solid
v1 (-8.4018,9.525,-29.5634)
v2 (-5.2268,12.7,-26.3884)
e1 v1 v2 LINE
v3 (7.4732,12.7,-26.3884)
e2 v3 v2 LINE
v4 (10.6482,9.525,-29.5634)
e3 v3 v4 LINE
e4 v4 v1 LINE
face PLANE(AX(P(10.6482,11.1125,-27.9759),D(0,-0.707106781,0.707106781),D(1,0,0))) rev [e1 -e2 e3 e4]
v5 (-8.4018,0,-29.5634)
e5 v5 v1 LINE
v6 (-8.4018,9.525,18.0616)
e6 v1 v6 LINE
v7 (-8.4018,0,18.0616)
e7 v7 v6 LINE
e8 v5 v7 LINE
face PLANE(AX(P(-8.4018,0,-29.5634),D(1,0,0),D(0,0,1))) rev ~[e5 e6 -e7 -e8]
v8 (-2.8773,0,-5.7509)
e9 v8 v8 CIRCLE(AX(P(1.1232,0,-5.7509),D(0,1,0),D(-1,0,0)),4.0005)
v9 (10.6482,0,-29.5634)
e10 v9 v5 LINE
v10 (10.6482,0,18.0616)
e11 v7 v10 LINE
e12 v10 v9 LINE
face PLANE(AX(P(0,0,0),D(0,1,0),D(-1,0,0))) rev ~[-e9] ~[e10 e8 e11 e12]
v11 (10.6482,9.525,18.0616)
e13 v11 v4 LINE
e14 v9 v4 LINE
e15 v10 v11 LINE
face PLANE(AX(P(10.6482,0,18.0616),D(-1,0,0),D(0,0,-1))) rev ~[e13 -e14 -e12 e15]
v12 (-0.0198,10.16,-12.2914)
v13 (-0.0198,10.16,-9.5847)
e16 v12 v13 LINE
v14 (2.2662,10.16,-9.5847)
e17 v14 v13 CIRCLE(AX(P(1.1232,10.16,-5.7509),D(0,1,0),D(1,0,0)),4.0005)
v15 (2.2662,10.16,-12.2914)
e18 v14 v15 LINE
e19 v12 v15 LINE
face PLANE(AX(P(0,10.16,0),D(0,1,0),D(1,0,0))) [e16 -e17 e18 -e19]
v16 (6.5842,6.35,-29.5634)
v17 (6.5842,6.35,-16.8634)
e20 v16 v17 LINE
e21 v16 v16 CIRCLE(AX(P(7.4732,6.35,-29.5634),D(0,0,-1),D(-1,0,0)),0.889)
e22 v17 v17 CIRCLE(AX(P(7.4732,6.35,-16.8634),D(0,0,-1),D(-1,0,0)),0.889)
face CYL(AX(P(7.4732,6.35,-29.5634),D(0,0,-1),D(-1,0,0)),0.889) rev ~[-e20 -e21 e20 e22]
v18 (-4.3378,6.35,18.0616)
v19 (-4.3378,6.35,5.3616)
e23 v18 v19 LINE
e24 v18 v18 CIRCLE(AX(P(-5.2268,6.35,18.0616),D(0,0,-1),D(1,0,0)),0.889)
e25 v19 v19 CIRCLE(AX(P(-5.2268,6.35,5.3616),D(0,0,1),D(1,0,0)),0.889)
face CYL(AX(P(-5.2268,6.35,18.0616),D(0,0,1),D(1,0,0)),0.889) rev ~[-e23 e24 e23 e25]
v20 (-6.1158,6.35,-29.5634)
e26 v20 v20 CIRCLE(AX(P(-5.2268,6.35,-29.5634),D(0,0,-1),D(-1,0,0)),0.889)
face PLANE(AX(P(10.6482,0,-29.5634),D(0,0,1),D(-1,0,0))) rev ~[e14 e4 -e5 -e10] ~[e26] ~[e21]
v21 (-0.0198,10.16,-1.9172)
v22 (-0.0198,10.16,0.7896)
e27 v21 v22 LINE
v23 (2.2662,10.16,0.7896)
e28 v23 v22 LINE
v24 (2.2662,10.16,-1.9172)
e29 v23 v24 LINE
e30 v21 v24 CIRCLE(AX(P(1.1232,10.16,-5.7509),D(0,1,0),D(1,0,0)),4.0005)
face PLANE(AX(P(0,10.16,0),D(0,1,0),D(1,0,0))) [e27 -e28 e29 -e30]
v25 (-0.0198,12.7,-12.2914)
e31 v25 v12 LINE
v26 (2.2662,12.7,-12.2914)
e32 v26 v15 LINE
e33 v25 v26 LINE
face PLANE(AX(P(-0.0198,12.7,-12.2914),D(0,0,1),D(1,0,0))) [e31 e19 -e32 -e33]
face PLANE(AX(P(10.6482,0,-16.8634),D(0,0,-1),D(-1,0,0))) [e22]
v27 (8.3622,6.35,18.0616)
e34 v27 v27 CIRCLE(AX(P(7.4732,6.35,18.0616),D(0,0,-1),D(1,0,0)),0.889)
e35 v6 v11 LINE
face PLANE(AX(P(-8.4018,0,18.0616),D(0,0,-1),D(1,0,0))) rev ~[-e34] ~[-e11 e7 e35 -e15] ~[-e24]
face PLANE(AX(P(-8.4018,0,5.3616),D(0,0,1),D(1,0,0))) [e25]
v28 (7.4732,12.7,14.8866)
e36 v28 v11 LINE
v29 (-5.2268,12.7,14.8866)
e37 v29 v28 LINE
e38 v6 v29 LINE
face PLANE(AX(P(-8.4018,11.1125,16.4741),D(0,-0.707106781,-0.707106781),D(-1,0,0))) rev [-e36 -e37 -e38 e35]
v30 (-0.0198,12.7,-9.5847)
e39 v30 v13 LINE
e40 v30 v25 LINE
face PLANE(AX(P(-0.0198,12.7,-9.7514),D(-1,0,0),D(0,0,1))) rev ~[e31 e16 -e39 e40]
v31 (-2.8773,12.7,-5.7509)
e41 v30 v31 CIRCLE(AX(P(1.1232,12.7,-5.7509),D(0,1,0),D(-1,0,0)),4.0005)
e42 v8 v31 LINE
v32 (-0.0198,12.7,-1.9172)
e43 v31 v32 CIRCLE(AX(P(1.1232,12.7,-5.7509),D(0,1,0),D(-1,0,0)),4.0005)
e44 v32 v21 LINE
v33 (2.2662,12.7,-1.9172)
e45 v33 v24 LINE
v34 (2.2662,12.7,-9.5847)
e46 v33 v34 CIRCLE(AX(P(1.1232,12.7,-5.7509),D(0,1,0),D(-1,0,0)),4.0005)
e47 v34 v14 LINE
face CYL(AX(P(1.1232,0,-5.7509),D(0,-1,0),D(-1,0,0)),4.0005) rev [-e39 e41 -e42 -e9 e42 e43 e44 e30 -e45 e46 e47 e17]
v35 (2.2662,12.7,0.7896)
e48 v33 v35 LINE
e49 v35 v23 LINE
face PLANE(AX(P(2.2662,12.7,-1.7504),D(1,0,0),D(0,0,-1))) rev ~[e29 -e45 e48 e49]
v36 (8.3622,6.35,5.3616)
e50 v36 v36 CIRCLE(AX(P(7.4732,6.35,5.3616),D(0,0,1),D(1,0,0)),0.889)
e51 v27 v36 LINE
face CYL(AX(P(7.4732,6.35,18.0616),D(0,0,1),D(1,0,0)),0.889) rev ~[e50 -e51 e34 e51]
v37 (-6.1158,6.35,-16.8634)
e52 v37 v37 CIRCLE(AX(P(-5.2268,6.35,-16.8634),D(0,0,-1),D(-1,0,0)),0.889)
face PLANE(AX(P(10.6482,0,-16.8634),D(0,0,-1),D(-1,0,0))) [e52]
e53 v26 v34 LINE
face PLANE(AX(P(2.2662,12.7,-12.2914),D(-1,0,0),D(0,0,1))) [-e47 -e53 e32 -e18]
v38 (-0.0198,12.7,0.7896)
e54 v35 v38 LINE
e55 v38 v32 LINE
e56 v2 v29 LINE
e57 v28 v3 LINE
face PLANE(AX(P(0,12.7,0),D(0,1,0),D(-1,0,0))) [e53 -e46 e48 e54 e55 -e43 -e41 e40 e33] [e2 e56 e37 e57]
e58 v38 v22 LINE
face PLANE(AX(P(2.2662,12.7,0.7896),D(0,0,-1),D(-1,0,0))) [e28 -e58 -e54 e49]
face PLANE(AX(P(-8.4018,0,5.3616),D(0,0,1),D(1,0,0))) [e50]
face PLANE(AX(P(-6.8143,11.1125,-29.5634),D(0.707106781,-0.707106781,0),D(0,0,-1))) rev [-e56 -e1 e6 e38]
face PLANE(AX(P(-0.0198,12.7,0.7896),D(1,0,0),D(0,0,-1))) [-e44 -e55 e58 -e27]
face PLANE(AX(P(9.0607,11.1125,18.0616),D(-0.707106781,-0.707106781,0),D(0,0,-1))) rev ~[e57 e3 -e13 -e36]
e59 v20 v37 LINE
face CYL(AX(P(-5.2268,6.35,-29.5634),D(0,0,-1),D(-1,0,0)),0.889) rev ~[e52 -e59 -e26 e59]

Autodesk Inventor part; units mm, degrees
ref_plane "YZ Plane" through (0, 0, 0) normal (1, 0, 0) x (0, 1, 0)
ref_plane "XZ Plane" through (0, 0, 0) normal (0, 1, 0) x (-1, 0, 0)
ref_plane "XY Plane" through (0, 0, 0) normal (0, 0, 1) x (1, 0, 0)
sketch "Sketch1" plane through (0, 0, 0) normal (0, 1, 0) x (-1, 0, 0)
  line L0 (8.4018, 18.0616) -> (-10.6482, 18.0616)
  line L1 (-10.6482, 18.0616) -> (-10.6482, -29.5634)
  line L2 (-10.6482, -29.5634) -> (8.4018, -29.5634)
  line L3 (8.4018, -29.5634) -> (8.4018, 18.0616)
  circle A0 centre (-1.1232, -5.7509) radius 4.0005
  point P0 (0, 0)
  dimension "d0" = 19.05
  dimension "d1" = 47.625
  dimension "d2" = 8.001
extrude "Extrusion1" add sketch "Sketch1" along normal blind 12.7
sketch "Sketch2" plane through (-8.4018, 0, 18.0616) normal (0, 0, 1) x (1, 0, 0)
  line L0 (0, 0) -> (0, 12.7) projected
  line L1 (0, 6.35) -> (18.844, 6.35)
  circle A0 centre (3.175, 6.35) radius 0.889
  circle A1 centre (15.875, 6.35) radius 0.889
  point P0 (8.4018, 0)
  dimension "d5" = 12.7
  dimension "d6" = 3.175
  dimension "d7" = 1.778
  dimension "d8" = 1.778
extrude "Extrusion2" cut sketch "Sketch2" against normal blind 12.7
sketch "Sketch3" plane through (10.6482, 0, -29.5634) normal (0, 0, -1) x (-1, 0, 0)
  circle A0 centre (3.175, 6.35) radius 0.889 projected
  circle A1 centre (15.875, 6.35) radius 0.889 projected
  point P0 (10.6482, 0)
extrude "Extrusion3" cut sketch "Sketch3" against normal blind 12.7
chamfer "Chamfer1" distance 3.175 angle 45 4 edges at (10.6482, 12.7, -5.7509) (-8.4018, 12.7, -5.7509) (1.1232, 12.7, 18.0616) (1.1232, 12.7, -29.5634)
sketch "Sketch4" plane through (0, 12.7, 0) normal (0, 1, 0) x (1, 0, 0)
  circle A0 centre (1.1232, 5.7509) radius 4.0005 projected
  line L0 (2.2662, 1.7504) -> (2.2662, -0.7896)
  line L1 (2.2662, -0.7896) -> (-0.0198, -0.7896)
  line L2 (-0.0198, -0.7896) -> (-0.0198, 1.7504)
  line L3 (-0.0198, 1.7504) -> (-0.0198, 1.9172)
  line L4 (2.2662, 1.7504) -> (2.2662, 1.9172)
  line L5 (2.2662, 12.2914) -> (2.2662, 9.7514)
  line L6 (-0.0198, 12.2914) -> (2.2662, 12.2914)
  line L7 (-0.0198, 9.7514) -> (-0.0198, 12.2914)
  line L8 (2.2662, 9.7514) -> (2.2662, 9.5847)
  line L9 (-6.1158, 16.8634) -> (-4.3378, 16.8634) projected
  line L10 (-0.0198, 9.7514) -> (-0.0198, 9.5847)
  point P0 (0, 0)
  point P1 (1.1232, 1.7504)
  dimension "d18" = 2.54
  dimension "d21" = 360
extrude "Extrusion4" cut sketch "Sketch4" against normal blind 2.54 contours A0 L10 L7 L6 L5 L8 | L4 L0 L1 L2 L3 A0
properties part number "bottom_anchor"
